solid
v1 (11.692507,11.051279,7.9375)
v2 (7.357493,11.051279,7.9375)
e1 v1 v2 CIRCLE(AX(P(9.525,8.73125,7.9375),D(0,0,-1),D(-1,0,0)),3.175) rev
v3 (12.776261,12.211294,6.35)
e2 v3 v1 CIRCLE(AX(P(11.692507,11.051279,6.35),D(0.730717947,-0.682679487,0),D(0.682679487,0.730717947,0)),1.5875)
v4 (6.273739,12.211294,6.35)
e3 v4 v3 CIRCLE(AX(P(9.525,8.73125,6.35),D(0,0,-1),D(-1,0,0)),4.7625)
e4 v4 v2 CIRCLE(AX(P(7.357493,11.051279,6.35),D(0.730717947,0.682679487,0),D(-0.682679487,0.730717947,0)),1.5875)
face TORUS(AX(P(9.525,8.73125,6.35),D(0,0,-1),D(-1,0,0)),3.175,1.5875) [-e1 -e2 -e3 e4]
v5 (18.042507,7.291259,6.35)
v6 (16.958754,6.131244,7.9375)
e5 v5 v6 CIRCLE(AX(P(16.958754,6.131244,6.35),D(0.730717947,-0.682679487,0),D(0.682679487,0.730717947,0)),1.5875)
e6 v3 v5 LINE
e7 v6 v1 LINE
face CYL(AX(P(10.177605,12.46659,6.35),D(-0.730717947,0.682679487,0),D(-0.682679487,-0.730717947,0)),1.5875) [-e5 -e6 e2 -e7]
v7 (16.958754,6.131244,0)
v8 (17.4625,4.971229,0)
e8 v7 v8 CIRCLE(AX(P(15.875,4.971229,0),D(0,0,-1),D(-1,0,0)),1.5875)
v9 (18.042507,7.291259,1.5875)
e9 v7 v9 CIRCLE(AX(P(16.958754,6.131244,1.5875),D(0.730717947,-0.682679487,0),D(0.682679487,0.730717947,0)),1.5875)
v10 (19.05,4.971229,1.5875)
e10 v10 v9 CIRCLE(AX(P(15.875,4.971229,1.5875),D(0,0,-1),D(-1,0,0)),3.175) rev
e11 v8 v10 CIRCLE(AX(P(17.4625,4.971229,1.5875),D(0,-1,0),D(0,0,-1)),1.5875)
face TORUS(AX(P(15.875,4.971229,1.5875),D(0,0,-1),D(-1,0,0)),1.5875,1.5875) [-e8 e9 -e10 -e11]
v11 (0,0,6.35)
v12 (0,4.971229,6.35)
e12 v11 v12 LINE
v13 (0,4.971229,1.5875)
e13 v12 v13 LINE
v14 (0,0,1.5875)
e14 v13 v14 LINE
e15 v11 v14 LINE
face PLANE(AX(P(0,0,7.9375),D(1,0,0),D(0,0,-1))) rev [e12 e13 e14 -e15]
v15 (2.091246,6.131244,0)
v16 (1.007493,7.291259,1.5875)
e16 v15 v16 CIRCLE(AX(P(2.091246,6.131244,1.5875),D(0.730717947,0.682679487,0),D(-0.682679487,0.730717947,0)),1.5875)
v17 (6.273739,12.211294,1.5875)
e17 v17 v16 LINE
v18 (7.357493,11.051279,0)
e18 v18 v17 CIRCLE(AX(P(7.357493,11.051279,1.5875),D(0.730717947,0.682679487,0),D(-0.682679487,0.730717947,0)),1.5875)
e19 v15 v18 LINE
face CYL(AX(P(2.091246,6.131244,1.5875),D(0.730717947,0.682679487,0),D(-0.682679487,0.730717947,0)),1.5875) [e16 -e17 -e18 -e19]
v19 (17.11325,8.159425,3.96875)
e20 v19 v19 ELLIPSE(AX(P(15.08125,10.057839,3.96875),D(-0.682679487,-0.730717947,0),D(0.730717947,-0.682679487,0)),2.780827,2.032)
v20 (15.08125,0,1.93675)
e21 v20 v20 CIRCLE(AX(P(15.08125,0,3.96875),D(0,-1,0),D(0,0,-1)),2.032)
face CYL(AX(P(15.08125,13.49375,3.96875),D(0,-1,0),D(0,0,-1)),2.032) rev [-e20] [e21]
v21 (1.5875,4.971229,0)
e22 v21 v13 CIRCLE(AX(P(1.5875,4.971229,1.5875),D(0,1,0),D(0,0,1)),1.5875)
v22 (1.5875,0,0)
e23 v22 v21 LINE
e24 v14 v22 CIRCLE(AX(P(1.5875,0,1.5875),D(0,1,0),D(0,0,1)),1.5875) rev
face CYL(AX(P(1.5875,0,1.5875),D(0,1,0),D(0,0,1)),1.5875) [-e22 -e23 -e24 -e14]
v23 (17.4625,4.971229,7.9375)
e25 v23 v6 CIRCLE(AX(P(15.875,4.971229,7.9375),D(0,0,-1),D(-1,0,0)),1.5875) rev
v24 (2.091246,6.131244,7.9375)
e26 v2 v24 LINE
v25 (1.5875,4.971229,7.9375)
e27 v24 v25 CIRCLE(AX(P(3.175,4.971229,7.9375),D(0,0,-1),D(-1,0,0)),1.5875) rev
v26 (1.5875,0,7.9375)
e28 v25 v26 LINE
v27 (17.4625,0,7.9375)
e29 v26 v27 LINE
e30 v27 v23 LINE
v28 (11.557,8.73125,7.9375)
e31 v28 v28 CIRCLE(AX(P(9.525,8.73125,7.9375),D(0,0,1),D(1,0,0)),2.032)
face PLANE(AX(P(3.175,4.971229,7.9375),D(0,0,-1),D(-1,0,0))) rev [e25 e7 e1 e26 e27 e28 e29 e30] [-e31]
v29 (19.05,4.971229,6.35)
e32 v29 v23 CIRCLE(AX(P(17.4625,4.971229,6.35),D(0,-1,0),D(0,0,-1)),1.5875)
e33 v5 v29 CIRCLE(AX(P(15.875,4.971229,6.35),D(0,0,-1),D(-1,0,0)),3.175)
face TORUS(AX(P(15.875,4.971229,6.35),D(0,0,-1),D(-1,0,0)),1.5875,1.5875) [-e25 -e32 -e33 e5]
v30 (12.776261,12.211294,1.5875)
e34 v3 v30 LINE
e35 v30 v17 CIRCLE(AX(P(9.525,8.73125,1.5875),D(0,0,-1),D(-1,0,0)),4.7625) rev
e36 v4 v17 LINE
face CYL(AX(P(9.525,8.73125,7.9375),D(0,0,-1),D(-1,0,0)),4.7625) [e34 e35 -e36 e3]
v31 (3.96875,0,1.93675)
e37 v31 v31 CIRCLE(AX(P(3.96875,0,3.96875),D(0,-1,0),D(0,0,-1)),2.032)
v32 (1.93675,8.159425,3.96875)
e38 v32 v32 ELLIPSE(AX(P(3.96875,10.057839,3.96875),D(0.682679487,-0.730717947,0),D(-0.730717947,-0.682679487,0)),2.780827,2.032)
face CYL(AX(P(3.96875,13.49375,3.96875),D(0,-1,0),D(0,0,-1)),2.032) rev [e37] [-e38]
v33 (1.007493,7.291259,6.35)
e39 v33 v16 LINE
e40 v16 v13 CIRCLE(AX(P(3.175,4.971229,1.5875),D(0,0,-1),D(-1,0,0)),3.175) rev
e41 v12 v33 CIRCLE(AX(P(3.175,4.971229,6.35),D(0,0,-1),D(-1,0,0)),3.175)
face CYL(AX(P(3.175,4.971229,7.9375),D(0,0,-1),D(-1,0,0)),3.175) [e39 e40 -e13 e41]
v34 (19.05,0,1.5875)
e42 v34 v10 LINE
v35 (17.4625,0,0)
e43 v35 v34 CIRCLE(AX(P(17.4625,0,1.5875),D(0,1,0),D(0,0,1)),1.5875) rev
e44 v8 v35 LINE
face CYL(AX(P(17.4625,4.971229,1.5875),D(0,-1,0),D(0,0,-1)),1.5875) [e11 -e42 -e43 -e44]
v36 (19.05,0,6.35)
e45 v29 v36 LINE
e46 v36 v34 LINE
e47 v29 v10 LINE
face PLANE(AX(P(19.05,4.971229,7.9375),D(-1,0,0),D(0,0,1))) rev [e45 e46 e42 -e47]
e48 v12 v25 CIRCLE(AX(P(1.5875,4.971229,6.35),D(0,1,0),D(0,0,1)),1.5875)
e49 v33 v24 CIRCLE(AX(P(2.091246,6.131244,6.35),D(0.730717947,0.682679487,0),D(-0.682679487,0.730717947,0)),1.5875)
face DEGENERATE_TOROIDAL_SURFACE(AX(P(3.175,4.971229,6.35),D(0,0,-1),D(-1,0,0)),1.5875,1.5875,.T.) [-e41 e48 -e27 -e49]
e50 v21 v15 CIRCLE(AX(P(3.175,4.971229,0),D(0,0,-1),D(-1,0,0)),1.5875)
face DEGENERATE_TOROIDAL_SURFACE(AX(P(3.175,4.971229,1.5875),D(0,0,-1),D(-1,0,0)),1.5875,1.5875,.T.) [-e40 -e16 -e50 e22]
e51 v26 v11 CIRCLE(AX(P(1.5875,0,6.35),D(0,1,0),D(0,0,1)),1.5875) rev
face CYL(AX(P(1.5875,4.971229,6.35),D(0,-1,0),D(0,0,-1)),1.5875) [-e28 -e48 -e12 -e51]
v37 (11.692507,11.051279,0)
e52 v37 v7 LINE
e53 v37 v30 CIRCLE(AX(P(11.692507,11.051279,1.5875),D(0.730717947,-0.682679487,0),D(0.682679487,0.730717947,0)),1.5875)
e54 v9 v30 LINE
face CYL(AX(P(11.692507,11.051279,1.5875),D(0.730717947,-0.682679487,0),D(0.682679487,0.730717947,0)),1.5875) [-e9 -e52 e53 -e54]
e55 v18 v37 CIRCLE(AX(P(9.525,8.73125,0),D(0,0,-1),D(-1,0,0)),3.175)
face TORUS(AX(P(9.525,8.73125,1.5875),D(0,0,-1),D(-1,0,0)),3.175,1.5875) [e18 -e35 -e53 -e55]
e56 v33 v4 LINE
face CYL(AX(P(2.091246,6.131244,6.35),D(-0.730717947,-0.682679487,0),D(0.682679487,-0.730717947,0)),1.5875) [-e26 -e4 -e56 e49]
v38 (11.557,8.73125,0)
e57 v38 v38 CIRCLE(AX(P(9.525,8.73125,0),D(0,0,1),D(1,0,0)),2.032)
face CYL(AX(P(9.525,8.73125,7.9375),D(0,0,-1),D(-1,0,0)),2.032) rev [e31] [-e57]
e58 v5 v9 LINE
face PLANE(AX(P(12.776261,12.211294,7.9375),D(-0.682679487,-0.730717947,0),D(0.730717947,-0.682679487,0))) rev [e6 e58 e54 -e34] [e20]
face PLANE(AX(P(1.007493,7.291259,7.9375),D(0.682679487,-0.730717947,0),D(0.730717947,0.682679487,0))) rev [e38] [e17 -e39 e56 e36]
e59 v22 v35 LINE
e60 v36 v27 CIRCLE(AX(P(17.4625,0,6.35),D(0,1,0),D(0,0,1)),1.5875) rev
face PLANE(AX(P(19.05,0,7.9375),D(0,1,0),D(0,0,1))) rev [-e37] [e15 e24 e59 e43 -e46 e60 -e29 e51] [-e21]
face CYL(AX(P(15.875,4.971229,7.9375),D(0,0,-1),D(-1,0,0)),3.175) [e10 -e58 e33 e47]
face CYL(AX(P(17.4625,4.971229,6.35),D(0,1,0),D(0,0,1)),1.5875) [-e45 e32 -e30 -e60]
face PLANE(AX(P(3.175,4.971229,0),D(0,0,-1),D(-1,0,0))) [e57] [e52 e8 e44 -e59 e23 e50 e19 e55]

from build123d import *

# Parameters (mm, degrees)
SKETCH1_R           = 2.032
BOSS_EXTRUDE1_DEPTH = 7.9375
SKETCH2_R           = 2.032
CUT_EXTRUDE1_DEPTH  = 25.6574065
FILLET1_R           = 1.5875


with BuildPart() as part:
    # Sketch1 → Boss-Extrude1 (new body)
    with BuildSketch(Plane.XY):
        with BuildLine():
            Line((0, 0), (0, 4.971229117))
            ThreePointArc((0, 4.971229117), (0.262744783, 6.235900833), (1.007492629, 7.291258599))
            Line((1.007492629, 7.291258599), (6.273738944, 12.211294223))
            ThreePointArc((6.273738944, 12.211294223), (9.525, 13.49375), (12.776261056, 12.211294223))
            Line((12.776261056, 12.211294223), (18.042507371, 7.291258599))
            ThreePointArc((18.042507371, 7.291258599), (18.787255217, 6.235900833), (19.05, 4.971229117))
            Line((19.05, 4.971229117), (19.05, 0))
            Line((19.05, 0), (0, 0))
        make_face()
        with Locations((9.525, 8.73125)):
            Circle(SKETCH1_R, mode=Mode.SUBTRACT)
    extrude(amount=BOSS_EXTRUDE1_DEPTH)

    # Sketch2 → Cut-Extrude1 (cut, through all)
    with BuildSketch(Plane.XZ):
        with Locations(Location((3.96875, 3.96875, 0), (0, 0, 270))):
            Circle(SKETCH2_R)
        with Locations(Location((15.08125, 3.96875, 0), (0, 0, 270))):
            Circle(SKETCH2_R)
    extrude(amount=-CUT_EXTRUDE1_DEPTH, mode=Mode.SUBTRACT)

    # Fillet1
    fillet1_edges = [part.edges().sort_by_distance(p)[0] for p in [
        (15.409384213, 9.751276411, 0),
        (18.787255217, 6.235900833, 0),
        (19.05, 2.485614558, 0),
        (18.787255217, 6.235900833, 7.9375),
        (15.409384213, 9.751276411, 7.9375),
        (9.525, 13.49375, 7.9375),
        (3.640615787, 9.751276411, 7.9375),
        (0.262744783, 6.235900833, 7.9375),
        (0, 2.485614558, 7.9375),
        (0, 2.485614558, 0),
        (19.05, 2.485614558, 7.9375),
        (0.262744783, 6.235900833, 0),
        (3.640615787, 9.751276411, 0),
        (9.525, 13.49375, 0),
    ]]
    fillet(fillet1_edges, radius=FILLET1_R)


solid = part.part
